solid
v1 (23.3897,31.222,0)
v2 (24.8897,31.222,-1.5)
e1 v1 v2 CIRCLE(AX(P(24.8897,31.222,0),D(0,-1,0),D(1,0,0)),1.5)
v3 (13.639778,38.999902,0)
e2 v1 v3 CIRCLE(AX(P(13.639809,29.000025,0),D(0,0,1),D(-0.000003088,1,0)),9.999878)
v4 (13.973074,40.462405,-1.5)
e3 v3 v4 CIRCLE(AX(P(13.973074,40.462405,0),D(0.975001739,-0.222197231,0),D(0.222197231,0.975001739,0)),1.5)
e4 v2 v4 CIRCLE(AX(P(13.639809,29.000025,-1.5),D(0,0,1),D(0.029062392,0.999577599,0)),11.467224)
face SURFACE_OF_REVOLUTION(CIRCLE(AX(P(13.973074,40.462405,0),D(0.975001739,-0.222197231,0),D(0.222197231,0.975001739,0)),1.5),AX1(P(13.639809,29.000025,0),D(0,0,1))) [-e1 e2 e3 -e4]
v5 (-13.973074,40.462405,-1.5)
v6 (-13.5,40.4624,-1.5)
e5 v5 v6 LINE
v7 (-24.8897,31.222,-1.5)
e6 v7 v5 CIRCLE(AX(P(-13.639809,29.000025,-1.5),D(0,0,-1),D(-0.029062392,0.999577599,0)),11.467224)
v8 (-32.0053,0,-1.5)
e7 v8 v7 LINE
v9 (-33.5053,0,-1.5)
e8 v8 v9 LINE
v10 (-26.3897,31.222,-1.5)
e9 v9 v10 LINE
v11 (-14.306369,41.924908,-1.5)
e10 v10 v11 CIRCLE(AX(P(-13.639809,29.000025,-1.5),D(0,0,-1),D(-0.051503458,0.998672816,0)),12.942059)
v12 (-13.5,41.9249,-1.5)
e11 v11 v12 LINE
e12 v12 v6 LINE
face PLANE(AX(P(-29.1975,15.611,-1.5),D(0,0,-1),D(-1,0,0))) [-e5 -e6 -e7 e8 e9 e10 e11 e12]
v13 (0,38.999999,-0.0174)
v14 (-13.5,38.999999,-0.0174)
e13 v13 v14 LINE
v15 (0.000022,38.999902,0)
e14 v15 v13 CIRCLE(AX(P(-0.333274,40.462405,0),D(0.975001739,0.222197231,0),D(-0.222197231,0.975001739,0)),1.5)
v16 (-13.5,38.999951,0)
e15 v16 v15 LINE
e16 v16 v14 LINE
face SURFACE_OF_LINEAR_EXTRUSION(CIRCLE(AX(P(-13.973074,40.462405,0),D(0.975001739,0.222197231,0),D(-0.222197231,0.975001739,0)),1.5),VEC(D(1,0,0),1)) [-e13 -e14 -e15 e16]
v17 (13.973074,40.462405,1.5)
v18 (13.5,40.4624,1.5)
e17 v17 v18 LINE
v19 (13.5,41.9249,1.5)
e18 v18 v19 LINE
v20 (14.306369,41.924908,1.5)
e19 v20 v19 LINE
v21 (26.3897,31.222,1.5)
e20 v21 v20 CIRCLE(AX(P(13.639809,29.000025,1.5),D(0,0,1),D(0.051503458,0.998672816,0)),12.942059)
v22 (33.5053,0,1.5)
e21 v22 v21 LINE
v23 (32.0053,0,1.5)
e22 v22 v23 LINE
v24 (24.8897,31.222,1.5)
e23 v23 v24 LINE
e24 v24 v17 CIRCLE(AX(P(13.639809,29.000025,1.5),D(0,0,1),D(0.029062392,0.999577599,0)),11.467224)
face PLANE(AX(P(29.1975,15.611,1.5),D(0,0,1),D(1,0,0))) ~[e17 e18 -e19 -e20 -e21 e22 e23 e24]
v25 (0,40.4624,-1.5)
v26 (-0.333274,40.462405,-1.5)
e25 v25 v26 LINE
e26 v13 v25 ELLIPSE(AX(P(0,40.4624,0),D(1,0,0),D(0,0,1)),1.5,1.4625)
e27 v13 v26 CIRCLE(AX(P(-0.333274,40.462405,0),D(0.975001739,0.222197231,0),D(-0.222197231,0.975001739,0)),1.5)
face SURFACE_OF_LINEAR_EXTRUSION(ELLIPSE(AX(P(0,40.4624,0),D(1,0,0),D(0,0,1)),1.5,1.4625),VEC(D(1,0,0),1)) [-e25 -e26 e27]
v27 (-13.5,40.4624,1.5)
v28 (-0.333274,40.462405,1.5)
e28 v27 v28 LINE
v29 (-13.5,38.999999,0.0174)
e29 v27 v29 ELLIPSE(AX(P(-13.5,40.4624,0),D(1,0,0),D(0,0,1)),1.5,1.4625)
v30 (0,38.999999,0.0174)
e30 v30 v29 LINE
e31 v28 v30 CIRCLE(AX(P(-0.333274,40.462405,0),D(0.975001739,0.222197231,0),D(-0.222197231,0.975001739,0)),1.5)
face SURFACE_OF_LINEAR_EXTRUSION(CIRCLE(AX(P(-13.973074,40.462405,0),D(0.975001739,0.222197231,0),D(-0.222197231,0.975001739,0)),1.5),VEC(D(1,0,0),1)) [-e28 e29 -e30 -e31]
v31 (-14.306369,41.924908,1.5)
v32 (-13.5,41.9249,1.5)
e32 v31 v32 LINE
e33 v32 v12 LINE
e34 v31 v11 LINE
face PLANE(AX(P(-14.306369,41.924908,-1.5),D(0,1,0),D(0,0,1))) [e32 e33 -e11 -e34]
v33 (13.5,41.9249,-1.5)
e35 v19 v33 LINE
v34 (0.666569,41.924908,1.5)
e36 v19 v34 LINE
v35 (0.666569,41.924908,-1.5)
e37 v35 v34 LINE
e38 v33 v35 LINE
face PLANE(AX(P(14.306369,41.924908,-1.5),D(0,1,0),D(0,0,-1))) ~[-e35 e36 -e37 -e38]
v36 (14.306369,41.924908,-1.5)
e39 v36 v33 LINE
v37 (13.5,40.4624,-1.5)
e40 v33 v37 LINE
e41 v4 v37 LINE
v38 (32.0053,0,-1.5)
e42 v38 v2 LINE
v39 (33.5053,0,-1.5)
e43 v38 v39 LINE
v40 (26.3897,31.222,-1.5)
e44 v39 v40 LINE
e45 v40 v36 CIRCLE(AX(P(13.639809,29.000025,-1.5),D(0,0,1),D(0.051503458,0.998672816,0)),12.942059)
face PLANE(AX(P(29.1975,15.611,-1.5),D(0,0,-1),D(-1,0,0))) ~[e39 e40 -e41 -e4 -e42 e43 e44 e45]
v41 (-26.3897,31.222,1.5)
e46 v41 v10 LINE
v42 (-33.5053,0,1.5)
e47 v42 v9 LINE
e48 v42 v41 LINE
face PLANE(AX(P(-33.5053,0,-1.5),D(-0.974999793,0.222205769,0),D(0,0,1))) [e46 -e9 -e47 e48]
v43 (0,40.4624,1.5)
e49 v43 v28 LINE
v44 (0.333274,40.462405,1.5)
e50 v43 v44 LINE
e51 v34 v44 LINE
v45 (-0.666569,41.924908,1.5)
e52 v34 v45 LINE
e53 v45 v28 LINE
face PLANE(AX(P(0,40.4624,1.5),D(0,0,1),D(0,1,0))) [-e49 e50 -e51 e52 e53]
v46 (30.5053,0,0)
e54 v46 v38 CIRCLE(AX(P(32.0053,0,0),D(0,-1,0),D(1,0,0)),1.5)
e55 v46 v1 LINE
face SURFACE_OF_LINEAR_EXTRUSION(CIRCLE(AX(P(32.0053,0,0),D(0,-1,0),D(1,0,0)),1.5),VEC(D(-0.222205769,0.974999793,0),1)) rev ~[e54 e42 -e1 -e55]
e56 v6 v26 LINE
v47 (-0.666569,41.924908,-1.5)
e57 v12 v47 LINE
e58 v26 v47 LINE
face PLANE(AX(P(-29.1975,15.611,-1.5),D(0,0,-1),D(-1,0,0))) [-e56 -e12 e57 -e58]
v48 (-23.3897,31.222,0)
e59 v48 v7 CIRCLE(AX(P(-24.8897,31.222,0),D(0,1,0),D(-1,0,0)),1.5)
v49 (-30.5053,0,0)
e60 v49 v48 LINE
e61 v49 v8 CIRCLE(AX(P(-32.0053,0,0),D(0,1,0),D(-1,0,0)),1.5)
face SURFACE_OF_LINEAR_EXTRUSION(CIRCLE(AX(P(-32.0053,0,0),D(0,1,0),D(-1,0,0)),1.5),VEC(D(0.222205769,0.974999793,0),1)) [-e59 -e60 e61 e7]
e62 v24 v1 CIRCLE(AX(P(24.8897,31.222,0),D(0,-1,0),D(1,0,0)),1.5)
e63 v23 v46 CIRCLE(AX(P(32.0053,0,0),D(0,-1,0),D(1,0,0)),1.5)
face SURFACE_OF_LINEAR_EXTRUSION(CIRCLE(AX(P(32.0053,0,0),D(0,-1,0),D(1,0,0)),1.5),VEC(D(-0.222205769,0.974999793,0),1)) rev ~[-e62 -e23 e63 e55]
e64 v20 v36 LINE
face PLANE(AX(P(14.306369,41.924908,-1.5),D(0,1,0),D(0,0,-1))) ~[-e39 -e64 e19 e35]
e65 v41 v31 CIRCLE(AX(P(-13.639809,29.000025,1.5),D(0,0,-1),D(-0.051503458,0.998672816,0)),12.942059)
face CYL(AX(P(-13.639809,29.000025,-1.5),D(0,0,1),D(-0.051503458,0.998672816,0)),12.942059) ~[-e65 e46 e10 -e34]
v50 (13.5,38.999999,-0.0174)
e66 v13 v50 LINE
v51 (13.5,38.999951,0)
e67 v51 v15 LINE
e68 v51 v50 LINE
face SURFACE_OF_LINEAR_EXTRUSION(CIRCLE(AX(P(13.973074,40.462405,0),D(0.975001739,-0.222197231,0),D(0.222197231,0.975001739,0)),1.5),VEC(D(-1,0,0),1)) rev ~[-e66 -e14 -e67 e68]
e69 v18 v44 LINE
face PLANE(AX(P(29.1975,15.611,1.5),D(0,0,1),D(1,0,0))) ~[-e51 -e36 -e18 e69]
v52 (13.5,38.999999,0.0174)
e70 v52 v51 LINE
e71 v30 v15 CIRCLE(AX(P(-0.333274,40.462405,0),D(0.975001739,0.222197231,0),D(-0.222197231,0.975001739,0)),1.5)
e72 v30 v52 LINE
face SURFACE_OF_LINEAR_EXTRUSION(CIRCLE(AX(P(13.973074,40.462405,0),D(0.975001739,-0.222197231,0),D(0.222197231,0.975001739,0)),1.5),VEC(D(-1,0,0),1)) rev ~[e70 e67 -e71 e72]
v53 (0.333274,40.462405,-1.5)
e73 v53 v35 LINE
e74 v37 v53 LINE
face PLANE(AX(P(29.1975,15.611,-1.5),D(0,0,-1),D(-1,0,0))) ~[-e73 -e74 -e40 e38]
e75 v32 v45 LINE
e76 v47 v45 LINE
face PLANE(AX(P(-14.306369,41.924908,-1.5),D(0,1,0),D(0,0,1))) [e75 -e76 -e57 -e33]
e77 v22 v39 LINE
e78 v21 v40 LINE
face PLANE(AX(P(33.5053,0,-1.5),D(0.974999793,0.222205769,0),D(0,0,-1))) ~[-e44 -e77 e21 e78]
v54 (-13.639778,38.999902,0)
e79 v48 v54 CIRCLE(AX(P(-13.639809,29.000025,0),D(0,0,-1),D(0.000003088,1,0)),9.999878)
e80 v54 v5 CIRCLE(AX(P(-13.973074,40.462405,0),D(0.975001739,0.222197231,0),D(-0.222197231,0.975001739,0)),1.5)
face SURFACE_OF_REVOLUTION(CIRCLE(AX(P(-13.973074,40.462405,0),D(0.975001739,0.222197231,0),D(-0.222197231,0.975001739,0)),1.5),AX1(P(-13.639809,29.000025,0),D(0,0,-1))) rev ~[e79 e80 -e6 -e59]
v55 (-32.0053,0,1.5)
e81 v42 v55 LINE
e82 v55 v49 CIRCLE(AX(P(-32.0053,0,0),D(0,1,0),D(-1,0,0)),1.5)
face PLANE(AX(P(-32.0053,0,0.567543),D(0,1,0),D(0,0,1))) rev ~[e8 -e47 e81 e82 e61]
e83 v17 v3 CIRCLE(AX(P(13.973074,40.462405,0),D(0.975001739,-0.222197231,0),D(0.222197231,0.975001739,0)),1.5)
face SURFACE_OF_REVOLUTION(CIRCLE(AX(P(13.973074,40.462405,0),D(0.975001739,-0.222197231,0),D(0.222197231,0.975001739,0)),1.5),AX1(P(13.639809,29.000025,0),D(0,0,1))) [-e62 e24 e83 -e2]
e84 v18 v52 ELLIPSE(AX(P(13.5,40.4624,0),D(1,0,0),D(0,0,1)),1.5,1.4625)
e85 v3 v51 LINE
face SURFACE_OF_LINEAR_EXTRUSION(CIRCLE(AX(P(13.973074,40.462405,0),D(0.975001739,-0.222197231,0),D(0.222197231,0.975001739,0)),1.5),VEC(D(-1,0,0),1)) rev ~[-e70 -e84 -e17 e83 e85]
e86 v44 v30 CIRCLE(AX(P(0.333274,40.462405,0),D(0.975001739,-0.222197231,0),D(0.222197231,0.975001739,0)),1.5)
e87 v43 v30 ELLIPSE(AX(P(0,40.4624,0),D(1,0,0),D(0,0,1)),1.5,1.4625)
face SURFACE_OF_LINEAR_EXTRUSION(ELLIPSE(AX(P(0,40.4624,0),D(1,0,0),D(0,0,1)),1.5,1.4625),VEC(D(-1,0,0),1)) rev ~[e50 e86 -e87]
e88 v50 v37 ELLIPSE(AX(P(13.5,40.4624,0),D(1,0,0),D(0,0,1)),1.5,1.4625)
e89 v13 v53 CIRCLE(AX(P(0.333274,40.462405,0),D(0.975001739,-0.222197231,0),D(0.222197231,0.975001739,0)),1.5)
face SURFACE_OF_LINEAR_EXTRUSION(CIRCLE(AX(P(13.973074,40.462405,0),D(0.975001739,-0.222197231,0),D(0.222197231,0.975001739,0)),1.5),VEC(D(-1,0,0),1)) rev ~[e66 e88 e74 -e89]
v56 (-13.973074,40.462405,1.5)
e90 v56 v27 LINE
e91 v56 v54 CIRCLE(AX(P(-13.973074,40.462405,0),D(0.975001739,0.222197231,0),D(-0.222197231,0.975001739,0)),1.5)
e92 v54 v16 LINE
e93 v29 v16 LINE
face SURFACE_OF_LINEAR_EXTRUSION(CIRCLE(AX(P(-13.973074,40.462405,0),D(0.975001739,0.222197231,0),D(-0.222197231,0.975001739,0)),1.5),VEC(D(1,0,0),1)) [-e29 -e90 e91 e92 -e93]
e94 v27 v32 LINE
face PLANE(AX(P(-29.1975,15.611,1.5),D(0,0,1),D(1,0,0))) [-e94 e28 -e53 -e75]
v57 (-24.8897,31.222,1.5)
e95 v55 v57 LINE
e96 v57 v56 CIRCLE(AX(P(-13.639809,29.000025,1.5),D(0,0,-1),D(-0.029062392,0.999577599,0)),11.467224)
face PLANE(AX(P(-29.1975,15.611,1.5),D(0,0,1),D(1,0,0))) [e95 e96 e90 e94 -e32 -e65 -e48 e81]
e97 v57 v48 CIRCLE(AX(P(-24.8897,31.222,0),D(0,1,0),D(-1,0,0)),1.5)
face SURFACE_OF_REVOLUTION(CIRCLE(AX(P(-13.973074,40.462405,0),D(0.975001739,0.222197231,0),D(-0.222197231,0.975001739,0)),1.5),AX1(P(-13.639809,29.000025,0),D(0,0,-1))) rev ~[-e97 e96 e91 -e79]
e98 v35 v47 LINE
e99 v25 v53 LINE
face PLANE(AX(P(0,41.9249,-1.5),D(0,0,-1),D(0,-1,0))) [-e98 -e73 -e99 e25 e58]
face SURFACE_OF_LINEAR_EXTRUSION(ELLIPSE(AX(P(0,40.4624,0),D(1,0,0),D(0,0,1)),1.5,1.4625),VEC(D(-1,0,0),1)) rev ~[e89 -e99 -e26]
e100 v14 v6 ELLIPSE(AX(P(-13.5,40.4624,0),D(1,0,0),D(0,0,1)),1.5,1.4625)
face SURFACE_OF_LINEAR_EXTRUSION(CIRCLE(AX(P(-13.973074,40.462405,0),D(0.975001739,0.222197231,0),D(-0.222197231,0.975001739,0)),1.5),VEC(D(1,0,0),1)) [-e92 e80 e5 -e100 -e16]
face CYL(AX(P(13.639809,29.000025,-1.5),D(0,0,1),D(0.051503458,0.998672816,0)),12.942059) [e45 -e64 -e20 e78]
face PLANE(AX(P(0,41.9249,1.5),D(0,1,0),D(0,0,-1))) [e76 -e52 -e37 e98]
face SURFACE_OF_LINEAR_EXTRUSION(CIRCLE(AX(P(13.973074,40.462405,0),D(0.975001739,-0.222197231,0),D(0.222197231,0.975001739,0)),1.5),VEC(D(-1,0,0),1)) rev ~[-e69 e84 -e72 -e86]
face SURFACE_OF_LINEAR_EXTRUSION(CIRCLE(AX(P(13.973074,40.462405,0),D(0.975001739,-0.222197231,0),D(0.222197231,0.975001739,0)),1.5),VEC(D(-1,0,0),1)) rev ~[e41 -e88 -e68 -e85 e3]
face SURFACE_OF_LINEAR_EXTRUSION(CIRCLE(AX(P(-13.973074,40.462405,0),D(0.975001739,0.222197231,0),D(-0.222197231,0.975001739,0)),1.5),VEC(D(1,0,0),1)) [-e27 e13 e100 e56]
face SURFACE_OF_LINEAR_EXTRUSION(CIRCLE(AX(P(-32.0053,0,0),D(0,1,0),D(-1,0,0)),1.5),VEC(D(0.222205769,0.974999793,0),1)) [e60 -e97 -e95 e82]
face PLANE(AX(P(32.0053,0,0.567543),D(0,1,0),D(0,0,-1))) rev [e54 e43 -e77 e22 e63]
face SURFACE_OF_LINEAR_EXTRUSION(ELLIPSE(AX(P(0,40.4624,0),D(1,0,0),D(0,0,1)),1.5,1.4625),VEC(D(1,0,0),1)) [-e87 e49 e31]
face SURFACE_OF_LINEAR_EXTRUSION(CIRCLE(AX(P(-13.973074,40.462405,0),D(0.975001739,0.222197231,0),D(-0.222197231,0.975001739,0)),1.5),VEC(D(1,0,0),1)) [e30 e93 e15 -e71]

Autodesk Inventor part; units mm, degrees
ref_plane "YZ Plane" through (0, 0, 0) normal (1, 0, 0) x (0, 1, 0)
ref_plane "XZ Plane" through (0, 0, 0) normal (0, 1, 0) x (-1, 0, 0)
ref_plane "XY Plane" through (0, 0, 0) normal (0, 0, 1) x (1, 0, 0)
sketch "Sketch1" plane through (0, 0, 0) normal (0, 0, 1) x (1, 0, 0)
  line L0 (0, 41) -> (0, -27)
  line L1 (-30.5054, 0) -> (-23.3898, 31.222)
  line L2 (-13.6398, 39) -> (0, 39)
  arc A0 (-13.6398, 39) -> (-23.3898, 31.222) centre (-13.6398, 29) ccw
  line L3 (0, -40.6) -> (0, 54.6) projected
  line L4 (-36.6064, 0) -> (6.1011, 0) projected
  point P0 (0, 0)
  point P1 (-21.6172, 39)
  dimension "d2" = 21.6172
  dimension "d3" = 40
  dimension "d4" = 10
  dimension "d6" = 39
sketch "Sketch2" plane through (0, 0, 0) normal (0, 1, 0) x (-1, 0, 0)
  circle A0 centre (32.0053, 0) radius 1.5
  line L0 (33.5053, 1.5) -> (32.0053, 1.5)
  line L1 (32.0053, -1.5) -> (33.5053, -1.5)
  line L2 (33.5053, -1.5) -> (33.5053, 1.5)
  line L3 (40.2063, 0) -> (-6.7011, 0) projected
  point P0 (0, 0)
  point P1 (33.5053, 0)
  dimension "d5" = 3
sweep "Sweep1" add profiles "Sketch2" path "Sketch1" path curves L1 A0 L2
mirror "Mirror1" about plane through (0, 0, 0) normal (1, 0, 0) of "Sweep1"
sketch "Sketch4" plane through (0, 0, 0) normal (1, 0, 0) x (0, 1, 0)
  line L0 (39, 0.0174) -> (39, -0.0174) projected
  ellipse E0 centre (40.4624, 0) end of major axis (40.4624, 1.5) minor radius 1.4625 (40.4624, 1.5) -> (39, 0.0174) ccw projected
  line L1 (40.4624, 1.5) -> (41.9249, 1.5)
  line L2 (41.9249, 1.5) -> (41.9249, -1.5)
  line L3 (41.9249, -1.5) -> (40.4624, -1.5)
  line L4 (31.222, 1.5) -> (31.222, -1.5) projected
  ellipse E1 centre (40.4624, 0) end of major axis (40.4624, 1.5) minor radius 1.4625 (40.4624, 1.5) -> (40.4624, -1.5) ccw projected
  line L5 (31.222, -1.5) -> (40.4624, -1.5) projected
  line L6 (31.222, 1.5) -> (40.4624, 1.5) projected
  line L7 (41.9249, 1.5) -> (40.4624, 1.5) projected
  line L8 (41.9249, -1.5) -> (41.9249, 1.5) projected
  line L9 (40.4624, -1.5) -> (41.9249, -1.5) projected
  ellipse E2 centre (40.4624, 0) end of major axis (40.4624, 1.5) minor radius 1.4625 (39, -0.0174) -> (40.4624, -1.5) ccw projected
  point P0 (0, 0)
  point P1 (41.9249, 0)
extrude "Extrusion1" add sketch "Sketch4" along normal mid plane 27 contours E0 L1 L2 L3 E1 L0
properties part number "McCrea_noha_walle"
